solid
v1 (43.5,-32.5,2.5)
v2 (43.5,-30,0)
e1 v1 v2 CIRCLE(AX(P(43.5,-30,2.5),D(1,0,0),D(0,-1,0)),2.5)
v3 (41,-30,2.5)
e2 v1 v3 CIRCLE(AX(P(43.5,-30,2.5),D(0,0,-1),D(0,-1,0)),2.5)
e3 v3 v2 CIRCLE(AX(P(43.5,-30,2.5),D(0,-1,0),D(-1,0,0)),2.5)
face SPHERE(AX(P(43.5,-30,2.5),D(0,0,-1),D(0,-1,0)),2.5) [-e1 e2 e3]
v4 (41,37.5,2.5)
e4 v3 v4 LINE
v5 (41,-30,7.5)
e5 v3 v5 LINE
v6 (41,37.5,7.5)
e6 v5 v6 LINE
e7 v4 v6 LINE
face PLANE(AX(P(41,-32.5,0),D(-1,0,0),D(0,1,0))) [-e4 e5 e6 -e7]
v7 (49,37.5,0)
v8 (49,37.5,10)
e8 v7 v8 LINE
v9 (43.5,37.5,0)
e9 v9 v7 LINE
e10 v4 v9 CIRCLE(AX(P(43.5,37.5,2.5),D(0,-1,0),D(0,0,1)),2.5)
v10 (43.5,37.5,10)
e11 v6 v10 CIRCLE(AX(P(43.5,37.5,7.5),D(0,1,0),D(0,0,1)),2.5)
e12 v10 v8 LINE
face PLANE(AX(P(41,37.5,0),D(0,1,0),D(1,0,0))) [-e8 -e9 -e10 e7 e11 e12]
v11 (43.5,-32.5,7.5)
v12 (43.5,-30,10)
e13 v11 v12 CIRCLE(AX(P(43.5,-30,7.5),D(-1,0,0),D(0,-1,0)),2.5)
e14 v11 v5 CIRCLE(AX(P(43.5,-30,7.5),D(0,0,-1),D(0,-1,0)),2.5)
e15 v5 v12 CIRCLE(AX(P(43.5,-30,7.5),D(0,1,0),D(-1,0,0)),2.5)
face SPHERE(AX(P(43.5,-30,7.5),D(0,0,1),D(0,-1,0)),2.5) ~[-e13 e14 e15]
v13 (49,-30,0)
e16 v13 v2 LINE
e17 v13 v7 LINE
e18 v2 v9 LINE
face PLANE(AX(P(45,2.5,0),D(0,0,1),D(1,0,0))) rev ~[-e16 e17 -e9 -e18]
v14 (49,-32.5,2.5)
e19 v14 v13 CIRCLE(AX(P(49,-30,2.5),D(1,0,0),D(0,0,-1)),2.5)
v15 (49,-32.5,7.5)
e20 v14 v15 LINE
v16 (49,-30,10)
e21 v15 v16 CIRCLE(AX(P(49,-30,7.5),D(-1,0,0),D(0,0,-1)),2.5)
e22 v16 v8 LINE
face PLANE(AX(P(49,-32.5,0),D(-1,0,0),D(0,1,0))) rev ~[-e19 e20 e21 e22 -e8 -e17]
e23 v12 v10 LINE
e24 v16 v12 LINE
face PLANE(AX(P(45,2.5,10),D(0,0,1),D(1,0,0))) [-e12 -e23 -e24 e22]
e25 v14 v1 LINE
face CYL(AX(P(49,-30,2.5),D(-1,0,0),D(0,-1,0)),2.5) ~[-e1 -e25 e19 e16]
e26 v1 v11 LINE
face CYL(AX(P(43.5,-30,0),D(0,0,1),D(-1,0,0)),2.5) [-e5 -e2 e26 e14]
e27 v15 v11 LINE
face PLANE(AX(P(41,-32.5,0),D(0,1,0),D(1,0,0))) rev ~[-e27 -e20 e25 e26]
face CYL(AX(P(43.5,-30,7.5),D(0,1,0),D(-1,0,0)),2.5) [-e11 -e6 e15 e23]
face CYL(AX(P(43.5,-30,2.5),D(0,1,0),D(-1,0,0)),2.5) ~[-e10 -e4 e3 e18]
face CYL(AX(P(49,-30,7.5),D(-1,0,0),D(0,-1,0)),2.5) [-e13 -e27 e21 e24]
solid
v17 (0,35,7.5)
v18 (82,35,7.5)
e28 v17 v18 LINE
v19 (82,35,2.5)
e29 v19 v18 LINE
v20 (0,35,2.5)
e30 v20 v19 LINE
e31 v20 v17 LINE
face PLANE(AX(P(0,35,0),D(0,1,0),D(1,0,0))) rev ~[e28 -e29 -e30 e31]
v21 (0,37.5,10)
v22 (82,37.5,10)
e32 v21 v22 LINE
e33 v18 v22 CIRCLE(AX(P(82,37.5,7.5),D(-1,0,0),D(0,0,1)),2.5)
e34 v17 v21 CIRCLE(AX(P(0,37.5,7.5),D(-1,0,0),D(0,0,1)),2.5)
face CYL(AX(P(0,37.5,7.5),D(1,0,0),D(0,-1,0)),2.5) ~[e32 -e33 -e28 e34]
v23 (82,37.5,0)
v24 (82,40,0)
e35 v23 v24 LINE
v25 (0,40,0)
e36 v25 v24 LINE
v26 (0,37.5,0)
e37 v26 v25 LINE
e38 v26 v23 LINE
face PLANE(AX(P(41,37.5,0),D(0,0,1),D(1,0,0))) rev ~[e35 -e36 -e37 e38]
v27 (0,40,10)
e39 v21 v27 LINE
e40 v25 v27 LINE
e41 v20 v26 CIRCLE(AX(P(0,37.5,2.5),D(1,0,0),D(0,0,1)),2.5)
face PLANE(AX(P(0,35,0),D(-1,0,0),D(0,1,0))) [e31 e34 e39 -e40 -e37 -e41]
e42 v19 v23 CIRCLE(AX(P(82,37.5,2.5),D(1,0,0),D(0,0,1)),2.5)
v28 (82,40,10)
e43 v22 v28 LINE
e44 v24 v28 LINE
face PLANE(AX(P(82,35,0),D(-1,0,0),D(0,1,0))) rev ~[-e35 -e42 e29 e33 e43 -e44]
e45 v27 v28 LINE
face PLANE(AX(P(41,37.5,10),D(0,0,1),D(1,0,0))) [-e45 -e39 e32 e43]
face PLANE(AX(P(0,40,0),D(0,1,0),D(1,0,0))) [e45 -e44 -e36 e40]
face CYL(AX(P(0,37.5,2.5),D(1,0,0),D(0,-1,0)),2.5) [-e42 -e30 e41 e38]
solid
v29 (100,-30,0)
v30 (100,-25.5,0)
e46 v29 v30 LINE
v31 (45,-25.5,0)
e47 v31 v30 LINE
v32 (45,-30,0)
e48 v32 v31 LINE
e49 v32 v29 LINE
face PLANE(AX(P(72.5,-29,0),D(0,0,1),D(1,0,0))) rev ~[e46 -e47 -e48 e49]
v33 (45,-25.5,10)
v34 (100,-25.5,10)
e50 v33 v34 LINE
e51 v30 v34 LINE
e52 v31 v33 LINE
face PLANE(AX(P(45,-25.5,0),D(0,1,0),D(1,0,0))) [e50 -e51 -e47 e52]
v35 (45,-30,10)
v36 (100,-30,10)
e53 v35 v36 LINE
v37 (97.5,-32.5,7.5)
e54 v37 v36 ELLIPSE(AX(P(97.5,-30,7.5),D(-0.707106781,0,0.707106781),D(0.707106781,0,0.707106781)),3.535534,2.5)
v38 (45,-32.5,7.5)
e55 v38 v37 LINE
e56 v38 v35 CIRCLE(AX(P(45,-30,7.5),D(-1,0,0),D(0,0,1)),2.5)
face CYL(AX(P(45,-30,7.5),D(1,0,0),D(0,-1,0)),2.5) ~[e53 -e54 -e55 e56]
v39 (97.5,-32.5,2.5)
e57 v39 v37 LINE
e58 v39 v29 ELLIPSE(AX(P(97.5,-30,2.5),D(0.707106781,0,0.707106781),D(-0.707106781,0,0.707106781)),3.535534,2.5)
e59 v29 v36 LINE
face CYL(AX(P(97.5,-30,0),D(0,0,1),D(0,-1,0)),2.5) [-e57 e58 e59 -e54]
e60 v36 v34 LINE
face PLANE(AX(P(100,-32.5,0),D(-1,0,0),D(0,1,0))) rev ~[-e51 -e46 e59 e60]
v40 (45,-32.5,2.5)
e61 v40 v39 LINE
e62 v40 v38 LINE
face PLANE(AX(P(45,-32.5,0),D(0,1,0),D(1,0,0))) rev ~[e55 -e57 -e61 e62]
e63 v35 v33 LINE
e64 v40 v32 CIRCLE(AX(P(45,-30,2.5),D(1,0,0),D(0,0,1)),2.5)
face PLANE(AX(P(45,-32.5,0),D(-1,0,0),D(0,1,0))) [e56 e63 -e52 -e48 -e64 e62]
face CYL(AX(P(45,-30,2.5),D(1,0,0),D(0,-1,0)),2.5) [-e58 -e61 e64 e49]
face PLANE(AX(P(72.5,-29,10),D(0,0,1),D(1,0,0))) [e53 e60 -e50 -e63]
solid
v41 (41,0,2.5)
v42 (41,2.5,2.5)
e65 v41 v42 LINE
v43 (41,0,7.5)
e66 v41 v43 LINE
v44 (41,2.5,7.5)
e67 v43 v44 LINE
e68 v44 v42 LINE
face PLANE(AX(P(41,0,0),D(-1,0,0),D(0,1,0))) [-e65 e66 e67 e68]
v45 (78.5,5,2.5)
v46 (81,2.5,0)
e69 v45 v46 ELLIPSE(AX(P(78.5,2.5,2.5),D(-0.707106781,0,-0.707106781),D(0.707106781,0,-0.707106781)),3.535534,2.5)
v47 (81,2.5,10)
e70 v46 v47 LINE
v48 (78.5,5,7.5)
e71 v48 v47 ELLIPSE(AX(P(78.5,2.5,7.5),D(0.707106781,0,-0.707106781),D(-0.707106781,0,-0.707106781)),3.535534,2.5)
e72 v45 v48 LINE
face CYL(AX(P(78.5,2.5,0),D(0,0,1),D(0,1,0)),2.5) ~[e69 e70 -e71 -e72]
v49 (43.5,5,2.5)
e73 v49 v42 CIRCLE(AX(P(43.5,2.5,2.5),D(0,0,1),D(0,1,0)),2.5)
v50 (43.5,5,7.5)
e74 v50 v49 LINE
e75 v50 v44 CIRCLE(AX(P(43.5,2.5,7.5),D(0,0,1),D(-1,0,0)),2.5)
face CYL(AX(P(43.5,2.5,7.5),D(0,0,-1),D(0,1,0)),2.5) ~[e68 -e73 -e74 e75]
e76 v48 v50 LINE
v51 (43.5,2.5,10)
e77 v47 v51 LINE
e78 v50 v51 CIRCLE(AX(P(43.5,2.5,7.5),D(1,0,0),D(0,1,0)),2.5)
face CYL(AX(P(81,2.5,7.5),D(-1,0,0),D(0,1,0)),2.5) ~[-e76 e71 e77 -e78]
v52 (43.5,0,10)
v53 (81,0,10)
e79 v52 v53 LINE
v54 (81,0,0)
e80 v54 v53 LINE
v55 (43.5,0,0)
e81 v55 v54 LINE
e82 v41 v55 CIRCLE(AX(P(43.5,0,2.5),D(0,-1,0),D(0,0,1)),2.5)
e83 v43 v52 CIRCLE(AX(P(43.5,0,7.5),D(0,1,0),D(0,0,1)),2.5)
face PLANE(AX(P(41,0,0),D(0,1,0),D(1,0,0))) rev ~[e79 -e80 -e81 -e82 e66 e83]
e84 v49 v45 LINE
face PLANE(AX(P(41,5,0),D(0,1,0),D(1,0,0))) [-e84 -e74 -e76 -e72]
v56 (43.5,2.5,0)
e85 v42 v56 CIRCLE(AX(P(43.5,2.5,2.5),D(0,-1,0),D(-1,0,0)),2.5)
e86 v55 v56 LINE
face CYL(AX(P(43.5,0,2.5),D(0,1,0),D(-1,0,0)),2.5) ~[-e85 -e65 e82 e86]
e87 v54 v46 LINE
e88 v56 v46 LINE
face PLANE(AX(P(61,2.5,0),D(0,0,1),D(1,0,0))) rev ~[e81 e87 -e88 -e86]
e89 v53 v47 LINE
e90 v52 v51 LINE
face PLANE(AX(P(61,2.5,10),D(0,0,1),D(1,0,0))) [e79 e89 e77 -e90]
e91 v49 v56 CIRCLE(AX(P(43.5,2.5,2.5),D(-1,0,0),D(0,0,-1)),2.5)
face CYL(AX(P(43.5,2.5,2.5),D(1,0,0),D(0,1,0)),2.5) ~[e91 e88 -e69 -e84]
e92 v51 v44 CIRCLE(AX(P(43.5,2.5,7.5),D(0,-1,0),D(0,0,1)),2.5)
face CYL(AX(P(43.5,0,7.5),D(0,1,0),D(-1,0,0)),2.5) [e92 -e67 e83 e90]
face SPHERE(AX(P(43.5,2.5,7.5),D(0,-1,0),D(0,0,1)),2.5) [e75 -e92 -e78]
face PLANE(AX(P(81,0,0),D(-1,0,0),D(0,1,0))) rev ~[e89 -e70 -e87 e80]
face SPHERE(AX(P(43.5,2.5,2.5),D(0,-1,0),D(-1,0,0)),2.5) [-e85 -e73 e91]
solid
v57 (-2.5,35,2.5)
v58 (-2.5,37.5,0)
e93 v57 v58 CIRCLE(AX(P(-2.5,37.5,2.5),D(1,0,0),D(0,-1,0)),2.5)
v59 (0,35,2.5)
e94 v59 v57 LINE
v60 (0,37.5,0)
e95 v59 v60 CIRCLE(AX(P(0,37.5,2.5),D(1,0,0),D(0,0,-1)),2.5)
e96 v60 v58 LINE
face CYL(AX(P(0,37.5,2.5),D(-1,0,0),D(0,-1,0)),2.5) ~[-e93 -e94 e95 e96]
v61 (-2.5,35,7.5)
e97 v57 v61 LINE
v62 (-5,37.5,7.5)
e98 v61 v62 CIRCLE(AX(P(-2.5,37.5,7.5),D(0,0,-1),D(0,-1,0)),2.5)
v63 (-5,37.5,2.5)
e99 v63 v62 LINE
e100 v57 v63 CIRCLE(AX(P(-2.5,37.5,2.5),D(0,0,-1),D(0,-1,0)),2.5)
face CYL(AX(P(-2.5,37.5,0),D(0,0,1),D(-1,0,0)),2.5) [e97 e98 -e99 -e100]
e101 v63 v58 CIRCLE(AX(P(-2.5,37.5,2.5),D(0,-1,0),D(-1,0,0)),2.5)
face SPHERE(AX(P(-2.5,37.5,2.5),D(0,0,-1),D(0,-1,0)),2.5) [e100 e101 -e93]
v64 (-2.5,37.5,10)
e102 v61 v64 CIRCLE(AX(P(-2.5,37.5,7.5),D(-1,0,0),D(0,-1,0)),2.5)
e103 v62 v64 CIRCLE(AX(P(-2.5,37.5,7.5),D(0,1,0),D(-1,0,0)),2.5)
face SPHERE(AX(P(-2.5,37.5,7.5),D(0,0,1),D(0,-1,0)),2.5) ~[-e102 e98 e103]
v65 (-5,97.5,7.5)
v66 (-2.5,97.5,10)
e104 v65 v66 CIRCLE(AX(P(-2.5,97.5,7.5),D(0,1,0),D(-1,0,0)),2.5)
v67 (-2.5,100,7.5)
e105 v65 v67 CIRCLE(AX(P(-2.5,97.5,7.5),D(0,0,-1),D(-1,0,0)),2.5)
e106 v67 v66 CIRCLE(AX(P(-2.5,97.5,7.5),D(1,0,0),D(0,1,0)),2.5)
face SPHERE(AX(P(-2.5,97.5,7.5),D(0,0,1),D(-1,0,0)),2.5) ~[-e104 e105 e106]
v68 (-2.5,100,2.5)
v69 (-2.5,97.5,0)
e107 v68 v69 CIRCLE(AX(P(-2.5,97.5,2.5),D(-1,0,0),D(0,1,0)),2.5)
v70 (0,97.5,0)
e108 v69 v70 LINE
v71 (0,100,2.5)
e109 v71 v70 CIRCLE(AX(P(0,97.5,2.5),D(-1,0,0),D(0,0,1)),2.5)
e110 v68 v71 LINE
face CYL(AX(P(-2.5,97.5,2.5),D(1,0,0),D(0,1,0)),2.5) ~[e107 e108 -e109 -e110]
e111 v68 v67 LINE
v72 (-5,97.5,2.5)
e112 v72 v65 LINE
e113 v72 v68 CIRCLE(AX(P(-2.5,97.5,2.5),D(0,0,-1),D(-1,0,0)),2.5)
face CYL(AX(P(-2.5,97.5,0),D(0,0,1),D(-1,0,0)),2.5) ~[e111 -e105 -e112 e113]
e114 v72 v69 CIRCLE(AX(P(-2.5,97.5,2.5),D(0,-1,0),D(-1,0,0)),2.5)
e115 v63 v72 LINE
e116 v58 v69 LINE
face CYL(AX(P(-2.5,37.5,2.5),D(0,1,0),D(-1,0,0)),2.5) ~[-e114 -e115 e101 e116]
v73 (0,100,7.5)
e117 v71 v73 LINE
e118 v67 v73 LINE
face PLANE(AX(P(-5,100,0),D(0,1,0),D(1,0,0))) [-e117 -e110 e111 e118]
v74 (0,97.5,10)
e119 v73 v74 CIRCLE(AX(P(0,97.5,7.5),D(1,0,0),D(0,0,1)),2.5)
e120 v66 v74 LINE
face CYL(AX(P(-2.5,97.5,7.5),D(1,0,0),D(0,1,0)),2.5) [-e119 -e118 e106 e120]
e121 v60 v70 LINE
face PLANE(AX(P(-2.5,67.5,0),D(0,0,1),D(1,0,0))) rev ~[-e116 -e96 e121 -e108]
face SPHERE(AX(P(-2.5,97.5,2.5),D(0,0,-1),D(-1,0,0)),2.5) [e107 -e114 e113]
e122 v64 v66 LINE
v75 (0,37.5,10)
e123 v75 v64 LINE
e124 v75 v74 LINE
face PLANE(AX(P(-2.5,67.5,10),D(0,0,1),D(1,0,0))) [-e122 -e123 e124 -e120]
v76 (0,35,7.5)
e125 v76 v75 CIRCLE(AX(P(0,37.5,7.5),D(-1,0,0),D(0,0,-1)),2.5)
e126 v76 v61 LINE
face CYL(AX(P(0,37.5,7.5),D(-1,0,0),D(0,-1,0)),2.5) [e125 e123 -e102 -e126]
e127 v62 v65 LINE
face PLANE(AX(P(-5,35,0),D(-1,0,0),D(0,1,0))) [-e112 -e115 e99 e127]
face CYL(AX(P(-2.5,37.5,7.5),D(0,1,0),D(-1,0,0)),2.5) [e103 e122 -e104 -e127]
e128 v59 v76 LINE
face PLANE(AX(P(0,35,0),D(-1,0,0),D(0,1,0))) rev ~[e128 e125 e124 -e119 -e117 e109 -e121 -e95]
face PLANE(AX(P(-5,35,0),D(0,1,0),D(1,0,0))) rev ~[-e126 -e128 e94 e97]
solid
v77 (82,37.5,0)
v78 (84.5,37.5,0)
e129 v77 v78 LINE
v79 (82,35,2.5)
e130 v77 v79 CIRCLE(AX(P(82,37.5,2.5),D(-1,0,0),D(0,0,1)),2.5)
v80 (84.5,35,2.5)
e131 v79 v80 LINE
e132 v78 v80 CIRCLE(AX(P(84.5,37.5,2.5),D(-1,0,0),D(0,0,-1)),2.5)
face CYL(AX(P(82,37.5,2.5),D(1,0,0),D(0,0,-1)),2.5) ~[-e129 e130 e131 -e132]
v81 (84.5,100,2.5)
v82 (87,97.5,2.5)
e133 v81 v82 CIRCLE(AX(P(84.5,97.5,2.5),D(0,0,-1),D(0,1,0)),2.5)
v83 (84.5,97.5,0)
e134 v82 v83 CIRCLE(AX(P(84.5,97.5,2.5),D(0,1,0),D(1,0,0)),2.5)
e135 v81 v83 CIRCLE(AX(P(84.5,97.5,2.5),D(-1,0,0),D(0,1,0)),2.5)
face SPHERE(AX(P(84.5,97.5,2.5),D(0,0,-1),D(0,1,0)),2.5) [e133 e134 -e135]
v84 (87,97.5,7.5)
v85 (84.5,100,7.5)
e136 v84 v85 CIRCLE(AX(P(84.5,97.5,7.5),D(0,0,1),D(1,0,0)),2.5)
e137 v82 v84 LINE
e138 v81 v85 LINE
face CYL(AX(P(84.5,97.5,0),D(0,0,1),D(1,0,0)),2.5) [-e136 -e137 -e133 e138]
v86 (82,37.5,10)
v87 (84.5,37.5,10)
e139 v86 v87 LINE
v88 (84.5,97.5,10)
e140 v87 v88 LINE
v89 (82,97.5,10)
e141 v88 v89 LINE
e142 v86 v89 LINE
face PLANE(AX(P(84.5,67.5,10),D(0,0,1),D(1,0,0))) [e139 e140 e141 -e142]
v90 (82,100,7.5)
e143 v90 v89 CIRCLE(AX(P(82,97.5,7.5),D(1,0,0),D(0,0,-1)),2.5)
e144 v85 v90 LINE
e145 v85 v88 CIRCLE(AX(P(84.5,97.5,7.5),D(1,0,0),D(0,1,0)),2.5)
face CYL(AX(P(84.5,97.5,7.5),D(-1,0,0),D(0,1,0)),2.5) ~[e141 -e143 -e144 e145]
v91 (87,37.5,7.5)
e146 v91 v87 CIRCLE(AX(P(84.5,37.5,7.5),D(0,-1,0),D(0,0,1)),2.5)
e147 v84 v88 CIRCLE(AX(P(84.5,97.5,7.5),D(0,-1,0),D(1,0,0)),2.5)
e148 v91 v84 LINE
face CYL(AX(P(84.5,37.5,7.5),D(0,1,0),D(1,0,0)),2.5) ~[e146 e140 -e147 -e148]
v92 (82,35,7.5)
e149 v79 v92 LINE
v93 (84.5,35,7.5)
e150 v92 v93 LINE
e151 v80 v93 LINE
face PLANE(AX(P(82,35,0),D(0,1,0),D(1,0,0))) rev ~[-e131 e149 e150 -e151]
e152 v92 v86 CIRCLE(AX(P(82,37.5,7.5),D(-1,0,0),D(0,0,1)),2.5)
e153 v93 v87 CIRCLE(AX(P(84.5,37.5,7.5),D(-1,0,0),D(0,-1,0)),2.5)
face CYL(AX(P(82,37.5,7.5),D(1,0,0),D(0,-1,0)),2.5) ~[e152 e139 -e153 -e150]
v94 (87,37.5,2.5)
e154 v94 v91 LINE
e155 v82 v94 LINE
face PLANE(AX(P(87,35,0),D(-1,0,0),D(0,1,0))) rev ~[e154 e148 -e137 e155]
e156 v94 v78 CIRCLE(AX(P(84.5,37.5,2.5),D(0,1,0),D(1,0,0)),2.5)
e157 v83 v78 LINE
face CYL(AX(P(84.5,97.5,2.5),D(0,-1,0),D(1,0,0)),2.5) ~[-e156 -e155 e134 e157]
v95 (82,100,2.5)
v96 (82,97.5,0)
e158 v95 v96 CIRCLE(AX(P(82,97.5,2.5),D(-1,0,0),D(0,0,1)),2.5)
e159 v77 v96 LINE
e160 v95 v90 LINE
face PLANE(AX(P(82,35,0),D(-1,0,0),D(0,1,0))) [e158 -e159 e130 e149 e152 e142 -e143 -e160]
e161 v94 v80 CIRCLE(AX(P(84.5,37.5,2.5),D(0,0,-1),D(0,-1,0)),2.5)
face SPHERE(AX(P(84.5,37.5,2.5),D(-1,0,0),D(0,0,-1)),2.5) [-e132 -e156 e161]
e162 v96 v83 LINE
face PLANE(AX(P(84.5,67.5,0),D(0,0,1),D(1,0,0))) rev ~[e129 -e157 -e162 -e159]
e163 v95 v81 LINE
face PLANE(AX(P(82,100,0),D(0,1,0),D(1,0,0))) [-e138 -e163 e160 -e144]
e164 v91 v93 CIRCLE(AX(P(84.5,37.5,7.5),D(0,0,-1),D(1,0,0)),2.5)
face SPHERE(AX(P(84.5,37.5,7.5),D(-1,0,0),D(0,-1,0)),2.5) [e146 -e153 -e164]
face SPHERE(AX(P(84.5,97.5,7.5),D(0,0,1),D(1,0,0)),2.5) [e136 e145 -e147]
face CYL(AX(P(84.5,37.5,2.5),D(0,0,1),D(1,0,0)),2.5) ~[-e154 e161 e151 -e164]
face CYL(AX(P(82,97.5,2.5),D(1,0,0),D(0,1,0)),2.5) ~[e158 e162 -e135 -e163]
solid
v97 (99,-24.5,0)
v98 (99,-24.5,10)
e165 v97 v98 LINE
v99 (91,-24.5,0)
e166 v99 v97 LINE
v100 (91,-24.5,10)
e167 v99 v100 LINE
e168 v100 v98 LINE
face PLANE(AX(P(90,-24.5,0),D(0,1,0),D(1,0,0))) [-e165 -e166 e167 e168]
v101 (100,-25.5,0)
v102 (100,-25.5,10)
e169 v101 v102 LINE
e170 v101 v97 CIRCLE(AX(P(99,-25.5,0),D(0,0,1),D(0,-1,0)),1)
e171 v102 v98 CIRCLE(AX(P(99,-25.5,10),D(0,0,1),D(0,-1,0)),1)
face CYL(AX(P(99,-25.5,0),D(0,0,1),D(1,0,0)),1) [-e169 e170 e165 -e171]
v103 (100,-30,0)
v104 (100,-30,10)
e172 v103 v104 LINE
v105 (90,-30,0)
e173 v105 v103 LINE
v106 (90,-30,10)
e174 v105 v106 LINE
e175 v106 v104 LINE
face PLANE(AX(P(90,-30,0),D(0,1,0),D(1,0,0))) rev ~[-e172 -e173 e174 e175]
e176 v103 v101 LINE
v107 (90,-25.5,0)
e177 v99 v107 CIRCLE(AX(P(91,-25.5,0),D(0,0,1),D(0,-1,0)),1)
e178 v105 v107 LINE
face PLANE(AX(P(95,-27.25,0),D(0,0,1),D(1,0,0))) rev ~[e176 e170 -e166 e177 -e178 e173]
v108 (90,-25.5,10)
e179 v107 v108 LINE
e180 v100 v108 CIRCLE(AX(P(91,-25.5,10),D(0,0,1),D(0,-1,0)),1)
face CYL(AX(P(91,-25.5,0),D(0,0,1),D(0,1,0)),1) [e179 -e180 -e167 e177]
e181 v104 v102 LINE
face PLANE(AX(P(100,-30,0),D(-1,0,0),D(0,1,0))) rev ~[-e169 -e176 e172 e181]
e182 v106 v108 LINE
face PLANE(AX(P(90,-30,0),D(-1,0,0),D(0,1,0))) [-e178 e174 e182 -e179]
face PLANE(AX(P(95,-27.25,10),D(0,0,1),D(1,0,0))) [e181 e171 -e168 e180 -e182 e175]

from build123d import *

# Parameters (mm, degrees)
BOX005_W     = 5
BOX005_H     = 65
BOX005_DEPTH = 10
FILLET_R     = 2.5
FILLET003_R  = 2.5
FILLET004_R  = 2.5
BOX_W        = 82
BOX_H        = 5
BOX_DEPTH    = 10
FILLET005_R  = 2.5
BOX006_W     = 5
BOX006_H     = 65
BOX006_DEPTH = 10
FILLET002_R  = 2.5
FILLET006_R  = 2.5
FILLET007_R  = 2.5
BOX001_W     = 8
BOX001_H     = 70
BOX001_DEPTH = 10
FILLET001_R  = 2.5
FILLET008_R  = 2.5
BOX002_W     = 40
BOX002_H     = 5
BOX002_DEPTH = 10
FILLET009_R  = 2.5
FILLET010_R  = 2.5
BOX003_W     = 55
BOX003_H     = 7
BOX003_DEPTH = 10
FILLET011_R  = 2.5
BOX004_W     = 10
BOX004_H     = 5.5
BOX004_DEPTH = 10
FILLET012_R  = 1
FILLET013_R  = 1


with BuildPart() as fillet004:
    # Box005 → Box005 (new body)
    with BuildSketch(Plane(origin=(-5, 35, 0), x_dir=(1, 0, 0), z_dir=(0, 0, 1))):
        with Locations((2.5, 32.5)):
            Rectangle(BOX005_W, BOX005_H)
    extrude(amount=BOX005_DEPTH)

    # Fillet
    fillet_edges = [fillet004.edges().sort_by_distance(p)[0] for p in [
        (-5, 35, 5),
    ]]
    fillet(fillet_edges, radius=FILLET_R)

    # Fillet003
    fillet003_edges = [fillet004.edges().sort_by_distance(p)[0] for p in [
        (-5, 100, 5),
    ]]
    fillet(fillet003_edges, radius=FILLET003_R)

    # Fillet004
    fillet004_edges = [fillet004.edges().sort_by_distance(p)[0] for p in [
        (-5, 67.5, 10),
        (-5, 67.5, 0),
    ]]
    fillet(fillet004_edges, radius=FILLET004_R)


with BuildPart() as fillet005:
    # Box → Box (new body)
    with BuildSketch(Plane(origin=(0, 35, 0), x_dir=(1, 0, 0), z_dir=(0, 0, 1))):
        with Locations((41, 2.5)):
            Rectangle(BOX_W, BOX_H)
    extrude(amount=BOX_DEPTH)

    # Fillet005
    fillet005_edges = [fillet005.edges().sort_by_distance(p)[0] for p in [
        (41, 35, 0),
        (41, 35, 10),
    ]]
    fillet(fillet005_edges, radius=FILLET005_R)


with BuildPart() as fillet007:
    # Box006 → Box006 (new body)
    with BuildSketch(Plane(origin=(82, 35, 0), x_dir=(1, 0, 0), z_dir=(0, 0, 1))):
        with Locations((2.5, 32.5)):
            Rectangle(BOX006_W, BOX006_H)
    extrude(amount=BOX006_DEPTH)

    # Fillet002
    fillet002_edges = [fillet007.edges().sort_by_distance(p)[0] for p in [
        (87, 100, 5),
    ]]
    fillet(fillet002_edges, radius=FILLET002_R)

    # Fillet006
    fillet006_edges = [fillet007.edges().sort_by_distance(p)[0] for p in [
        (84.5, 35, 10),
        (84.5, 35, 0),
    ]]
    fillet(fillet006_edges, radius=FILLET006_R)

    # Fillet007
    fillet007_edges = [fillet007.edges().sort_by_distance(p)[0] for p in [
        (87, 67.5, 10),
        (87, 67.5, 0),
    ]]
    fillet(fillet007_edges, radius=FILLET007_R)


with BuildPart() as fillet008:
    # Box001 → Box001 (new body)
    with BuildSketch(Plane(origin=(41, -32.5, 0), x_dir=(1, 0, 0), z_dir=(0, 0, 1))):
        with Locations((4, 35)):
            Rectangle(BOX001_W, BOX001_H)
    extrude(amount=BOX001_DEPTH)

    # Fillet001
    fillet001_edges = [fillet008.edges().sort_by_distance(p)[0] for p in [
        (41, -32.5, 5),
    ]]
    fillet(fillet001_edges, radius=FILLET001_R)

    # Fillet008
    fillet008_edges = [fillet008.edges().sort_by_distance(p)[0] for p in [
        (41, 3.75, 10),
        (41, 3.75, 0),
    ]]
    fillet(fillet008_edges, radius=FILLET008_R)


with BuildPart() as fillet010:
    # Box002 → Box002 (new body)
    with BuildSketch(Plane(origin=(41, 0, 0), x_dir=(1, 0, 0), z_dir=(0, 0, 1))):
        with Locations((20, 2.5)):
            Rectangle(BOX002_W, BOX002_H)
    extrude(amount=BOX002_DEPTH)

    # Fillet009
    fillet009_edges = [fillet010.edges().sort_by_distance(p)[0] for p in [
        (41, 2.5, 10),
        (41, 2.5, 0),
    ]]
    fillet(fillet009_edges, radius=FILLET009_R)

    # Fillet010
    fillet010_edges = [fillet010.edges().sort_by_distance(p)[0] for p in [
        (62.25, 5, 0),
        (62.25, 5, 10),
        (81, 5, 5),
    ]]
    fillet(fillet010_edges, radius=FILLET010_R)


with BuildPart() as fillet011:
    # Box003 → Box003 (new body)
    with BuildSketch(Plane(origin=(45, -32.5, 0), x_dir=(1, 0, 0), z_dir=(0, 0, 1))):
        with Locations((27.5, 3.5)):
            Rectangle(BOX003_W, BOX003_H)
    extrude(amount=BOX003_DEPTH)

    # Fillet011
    fillet011_edges = [fillet011.edges().sort_by_distance(p)[0] for p in [
        (100, -32.5, 5),
        (72.5, -32.5, 0),
        (72.5, -32.5, 10),
    ]]
    fillet(fillet011_edges, radius=FILLET011_R)


with BuildPart() as fillet013:
    # Box004 → Box004 (new body)
    with BuildSketch(Plane(origin=(90, -30, 0), x_dir=(1, 0, 0), z_dir=(0, 0, 1))):
        with Locations((5, 2.75)):
            Rectangle(BOX004_W, BOX004_H)
    extrude(amount=BOX004_DEPTH)

    # Fillet012
    fillet012_edges = [fillet013.edges().sort_by_distance(p)[0] for p in [
        (100, -24.5, 5),
    ]]
    fillet(fillet012_edges, radius=FILLET012_R)

    # Fillet013
    fillet013_edges = [fillet013.edges().sort_by_distance(p)[0] for p in [
        (90, -24.5, 5),
    ]]
    fillet(fillet013_edges, radius=FILLET013_R)


solid = Compound([fillet004.part, fillet005.part, fillet007.part, fillet008.part, fillet010.part, fillet011.part, fillet013.part])
